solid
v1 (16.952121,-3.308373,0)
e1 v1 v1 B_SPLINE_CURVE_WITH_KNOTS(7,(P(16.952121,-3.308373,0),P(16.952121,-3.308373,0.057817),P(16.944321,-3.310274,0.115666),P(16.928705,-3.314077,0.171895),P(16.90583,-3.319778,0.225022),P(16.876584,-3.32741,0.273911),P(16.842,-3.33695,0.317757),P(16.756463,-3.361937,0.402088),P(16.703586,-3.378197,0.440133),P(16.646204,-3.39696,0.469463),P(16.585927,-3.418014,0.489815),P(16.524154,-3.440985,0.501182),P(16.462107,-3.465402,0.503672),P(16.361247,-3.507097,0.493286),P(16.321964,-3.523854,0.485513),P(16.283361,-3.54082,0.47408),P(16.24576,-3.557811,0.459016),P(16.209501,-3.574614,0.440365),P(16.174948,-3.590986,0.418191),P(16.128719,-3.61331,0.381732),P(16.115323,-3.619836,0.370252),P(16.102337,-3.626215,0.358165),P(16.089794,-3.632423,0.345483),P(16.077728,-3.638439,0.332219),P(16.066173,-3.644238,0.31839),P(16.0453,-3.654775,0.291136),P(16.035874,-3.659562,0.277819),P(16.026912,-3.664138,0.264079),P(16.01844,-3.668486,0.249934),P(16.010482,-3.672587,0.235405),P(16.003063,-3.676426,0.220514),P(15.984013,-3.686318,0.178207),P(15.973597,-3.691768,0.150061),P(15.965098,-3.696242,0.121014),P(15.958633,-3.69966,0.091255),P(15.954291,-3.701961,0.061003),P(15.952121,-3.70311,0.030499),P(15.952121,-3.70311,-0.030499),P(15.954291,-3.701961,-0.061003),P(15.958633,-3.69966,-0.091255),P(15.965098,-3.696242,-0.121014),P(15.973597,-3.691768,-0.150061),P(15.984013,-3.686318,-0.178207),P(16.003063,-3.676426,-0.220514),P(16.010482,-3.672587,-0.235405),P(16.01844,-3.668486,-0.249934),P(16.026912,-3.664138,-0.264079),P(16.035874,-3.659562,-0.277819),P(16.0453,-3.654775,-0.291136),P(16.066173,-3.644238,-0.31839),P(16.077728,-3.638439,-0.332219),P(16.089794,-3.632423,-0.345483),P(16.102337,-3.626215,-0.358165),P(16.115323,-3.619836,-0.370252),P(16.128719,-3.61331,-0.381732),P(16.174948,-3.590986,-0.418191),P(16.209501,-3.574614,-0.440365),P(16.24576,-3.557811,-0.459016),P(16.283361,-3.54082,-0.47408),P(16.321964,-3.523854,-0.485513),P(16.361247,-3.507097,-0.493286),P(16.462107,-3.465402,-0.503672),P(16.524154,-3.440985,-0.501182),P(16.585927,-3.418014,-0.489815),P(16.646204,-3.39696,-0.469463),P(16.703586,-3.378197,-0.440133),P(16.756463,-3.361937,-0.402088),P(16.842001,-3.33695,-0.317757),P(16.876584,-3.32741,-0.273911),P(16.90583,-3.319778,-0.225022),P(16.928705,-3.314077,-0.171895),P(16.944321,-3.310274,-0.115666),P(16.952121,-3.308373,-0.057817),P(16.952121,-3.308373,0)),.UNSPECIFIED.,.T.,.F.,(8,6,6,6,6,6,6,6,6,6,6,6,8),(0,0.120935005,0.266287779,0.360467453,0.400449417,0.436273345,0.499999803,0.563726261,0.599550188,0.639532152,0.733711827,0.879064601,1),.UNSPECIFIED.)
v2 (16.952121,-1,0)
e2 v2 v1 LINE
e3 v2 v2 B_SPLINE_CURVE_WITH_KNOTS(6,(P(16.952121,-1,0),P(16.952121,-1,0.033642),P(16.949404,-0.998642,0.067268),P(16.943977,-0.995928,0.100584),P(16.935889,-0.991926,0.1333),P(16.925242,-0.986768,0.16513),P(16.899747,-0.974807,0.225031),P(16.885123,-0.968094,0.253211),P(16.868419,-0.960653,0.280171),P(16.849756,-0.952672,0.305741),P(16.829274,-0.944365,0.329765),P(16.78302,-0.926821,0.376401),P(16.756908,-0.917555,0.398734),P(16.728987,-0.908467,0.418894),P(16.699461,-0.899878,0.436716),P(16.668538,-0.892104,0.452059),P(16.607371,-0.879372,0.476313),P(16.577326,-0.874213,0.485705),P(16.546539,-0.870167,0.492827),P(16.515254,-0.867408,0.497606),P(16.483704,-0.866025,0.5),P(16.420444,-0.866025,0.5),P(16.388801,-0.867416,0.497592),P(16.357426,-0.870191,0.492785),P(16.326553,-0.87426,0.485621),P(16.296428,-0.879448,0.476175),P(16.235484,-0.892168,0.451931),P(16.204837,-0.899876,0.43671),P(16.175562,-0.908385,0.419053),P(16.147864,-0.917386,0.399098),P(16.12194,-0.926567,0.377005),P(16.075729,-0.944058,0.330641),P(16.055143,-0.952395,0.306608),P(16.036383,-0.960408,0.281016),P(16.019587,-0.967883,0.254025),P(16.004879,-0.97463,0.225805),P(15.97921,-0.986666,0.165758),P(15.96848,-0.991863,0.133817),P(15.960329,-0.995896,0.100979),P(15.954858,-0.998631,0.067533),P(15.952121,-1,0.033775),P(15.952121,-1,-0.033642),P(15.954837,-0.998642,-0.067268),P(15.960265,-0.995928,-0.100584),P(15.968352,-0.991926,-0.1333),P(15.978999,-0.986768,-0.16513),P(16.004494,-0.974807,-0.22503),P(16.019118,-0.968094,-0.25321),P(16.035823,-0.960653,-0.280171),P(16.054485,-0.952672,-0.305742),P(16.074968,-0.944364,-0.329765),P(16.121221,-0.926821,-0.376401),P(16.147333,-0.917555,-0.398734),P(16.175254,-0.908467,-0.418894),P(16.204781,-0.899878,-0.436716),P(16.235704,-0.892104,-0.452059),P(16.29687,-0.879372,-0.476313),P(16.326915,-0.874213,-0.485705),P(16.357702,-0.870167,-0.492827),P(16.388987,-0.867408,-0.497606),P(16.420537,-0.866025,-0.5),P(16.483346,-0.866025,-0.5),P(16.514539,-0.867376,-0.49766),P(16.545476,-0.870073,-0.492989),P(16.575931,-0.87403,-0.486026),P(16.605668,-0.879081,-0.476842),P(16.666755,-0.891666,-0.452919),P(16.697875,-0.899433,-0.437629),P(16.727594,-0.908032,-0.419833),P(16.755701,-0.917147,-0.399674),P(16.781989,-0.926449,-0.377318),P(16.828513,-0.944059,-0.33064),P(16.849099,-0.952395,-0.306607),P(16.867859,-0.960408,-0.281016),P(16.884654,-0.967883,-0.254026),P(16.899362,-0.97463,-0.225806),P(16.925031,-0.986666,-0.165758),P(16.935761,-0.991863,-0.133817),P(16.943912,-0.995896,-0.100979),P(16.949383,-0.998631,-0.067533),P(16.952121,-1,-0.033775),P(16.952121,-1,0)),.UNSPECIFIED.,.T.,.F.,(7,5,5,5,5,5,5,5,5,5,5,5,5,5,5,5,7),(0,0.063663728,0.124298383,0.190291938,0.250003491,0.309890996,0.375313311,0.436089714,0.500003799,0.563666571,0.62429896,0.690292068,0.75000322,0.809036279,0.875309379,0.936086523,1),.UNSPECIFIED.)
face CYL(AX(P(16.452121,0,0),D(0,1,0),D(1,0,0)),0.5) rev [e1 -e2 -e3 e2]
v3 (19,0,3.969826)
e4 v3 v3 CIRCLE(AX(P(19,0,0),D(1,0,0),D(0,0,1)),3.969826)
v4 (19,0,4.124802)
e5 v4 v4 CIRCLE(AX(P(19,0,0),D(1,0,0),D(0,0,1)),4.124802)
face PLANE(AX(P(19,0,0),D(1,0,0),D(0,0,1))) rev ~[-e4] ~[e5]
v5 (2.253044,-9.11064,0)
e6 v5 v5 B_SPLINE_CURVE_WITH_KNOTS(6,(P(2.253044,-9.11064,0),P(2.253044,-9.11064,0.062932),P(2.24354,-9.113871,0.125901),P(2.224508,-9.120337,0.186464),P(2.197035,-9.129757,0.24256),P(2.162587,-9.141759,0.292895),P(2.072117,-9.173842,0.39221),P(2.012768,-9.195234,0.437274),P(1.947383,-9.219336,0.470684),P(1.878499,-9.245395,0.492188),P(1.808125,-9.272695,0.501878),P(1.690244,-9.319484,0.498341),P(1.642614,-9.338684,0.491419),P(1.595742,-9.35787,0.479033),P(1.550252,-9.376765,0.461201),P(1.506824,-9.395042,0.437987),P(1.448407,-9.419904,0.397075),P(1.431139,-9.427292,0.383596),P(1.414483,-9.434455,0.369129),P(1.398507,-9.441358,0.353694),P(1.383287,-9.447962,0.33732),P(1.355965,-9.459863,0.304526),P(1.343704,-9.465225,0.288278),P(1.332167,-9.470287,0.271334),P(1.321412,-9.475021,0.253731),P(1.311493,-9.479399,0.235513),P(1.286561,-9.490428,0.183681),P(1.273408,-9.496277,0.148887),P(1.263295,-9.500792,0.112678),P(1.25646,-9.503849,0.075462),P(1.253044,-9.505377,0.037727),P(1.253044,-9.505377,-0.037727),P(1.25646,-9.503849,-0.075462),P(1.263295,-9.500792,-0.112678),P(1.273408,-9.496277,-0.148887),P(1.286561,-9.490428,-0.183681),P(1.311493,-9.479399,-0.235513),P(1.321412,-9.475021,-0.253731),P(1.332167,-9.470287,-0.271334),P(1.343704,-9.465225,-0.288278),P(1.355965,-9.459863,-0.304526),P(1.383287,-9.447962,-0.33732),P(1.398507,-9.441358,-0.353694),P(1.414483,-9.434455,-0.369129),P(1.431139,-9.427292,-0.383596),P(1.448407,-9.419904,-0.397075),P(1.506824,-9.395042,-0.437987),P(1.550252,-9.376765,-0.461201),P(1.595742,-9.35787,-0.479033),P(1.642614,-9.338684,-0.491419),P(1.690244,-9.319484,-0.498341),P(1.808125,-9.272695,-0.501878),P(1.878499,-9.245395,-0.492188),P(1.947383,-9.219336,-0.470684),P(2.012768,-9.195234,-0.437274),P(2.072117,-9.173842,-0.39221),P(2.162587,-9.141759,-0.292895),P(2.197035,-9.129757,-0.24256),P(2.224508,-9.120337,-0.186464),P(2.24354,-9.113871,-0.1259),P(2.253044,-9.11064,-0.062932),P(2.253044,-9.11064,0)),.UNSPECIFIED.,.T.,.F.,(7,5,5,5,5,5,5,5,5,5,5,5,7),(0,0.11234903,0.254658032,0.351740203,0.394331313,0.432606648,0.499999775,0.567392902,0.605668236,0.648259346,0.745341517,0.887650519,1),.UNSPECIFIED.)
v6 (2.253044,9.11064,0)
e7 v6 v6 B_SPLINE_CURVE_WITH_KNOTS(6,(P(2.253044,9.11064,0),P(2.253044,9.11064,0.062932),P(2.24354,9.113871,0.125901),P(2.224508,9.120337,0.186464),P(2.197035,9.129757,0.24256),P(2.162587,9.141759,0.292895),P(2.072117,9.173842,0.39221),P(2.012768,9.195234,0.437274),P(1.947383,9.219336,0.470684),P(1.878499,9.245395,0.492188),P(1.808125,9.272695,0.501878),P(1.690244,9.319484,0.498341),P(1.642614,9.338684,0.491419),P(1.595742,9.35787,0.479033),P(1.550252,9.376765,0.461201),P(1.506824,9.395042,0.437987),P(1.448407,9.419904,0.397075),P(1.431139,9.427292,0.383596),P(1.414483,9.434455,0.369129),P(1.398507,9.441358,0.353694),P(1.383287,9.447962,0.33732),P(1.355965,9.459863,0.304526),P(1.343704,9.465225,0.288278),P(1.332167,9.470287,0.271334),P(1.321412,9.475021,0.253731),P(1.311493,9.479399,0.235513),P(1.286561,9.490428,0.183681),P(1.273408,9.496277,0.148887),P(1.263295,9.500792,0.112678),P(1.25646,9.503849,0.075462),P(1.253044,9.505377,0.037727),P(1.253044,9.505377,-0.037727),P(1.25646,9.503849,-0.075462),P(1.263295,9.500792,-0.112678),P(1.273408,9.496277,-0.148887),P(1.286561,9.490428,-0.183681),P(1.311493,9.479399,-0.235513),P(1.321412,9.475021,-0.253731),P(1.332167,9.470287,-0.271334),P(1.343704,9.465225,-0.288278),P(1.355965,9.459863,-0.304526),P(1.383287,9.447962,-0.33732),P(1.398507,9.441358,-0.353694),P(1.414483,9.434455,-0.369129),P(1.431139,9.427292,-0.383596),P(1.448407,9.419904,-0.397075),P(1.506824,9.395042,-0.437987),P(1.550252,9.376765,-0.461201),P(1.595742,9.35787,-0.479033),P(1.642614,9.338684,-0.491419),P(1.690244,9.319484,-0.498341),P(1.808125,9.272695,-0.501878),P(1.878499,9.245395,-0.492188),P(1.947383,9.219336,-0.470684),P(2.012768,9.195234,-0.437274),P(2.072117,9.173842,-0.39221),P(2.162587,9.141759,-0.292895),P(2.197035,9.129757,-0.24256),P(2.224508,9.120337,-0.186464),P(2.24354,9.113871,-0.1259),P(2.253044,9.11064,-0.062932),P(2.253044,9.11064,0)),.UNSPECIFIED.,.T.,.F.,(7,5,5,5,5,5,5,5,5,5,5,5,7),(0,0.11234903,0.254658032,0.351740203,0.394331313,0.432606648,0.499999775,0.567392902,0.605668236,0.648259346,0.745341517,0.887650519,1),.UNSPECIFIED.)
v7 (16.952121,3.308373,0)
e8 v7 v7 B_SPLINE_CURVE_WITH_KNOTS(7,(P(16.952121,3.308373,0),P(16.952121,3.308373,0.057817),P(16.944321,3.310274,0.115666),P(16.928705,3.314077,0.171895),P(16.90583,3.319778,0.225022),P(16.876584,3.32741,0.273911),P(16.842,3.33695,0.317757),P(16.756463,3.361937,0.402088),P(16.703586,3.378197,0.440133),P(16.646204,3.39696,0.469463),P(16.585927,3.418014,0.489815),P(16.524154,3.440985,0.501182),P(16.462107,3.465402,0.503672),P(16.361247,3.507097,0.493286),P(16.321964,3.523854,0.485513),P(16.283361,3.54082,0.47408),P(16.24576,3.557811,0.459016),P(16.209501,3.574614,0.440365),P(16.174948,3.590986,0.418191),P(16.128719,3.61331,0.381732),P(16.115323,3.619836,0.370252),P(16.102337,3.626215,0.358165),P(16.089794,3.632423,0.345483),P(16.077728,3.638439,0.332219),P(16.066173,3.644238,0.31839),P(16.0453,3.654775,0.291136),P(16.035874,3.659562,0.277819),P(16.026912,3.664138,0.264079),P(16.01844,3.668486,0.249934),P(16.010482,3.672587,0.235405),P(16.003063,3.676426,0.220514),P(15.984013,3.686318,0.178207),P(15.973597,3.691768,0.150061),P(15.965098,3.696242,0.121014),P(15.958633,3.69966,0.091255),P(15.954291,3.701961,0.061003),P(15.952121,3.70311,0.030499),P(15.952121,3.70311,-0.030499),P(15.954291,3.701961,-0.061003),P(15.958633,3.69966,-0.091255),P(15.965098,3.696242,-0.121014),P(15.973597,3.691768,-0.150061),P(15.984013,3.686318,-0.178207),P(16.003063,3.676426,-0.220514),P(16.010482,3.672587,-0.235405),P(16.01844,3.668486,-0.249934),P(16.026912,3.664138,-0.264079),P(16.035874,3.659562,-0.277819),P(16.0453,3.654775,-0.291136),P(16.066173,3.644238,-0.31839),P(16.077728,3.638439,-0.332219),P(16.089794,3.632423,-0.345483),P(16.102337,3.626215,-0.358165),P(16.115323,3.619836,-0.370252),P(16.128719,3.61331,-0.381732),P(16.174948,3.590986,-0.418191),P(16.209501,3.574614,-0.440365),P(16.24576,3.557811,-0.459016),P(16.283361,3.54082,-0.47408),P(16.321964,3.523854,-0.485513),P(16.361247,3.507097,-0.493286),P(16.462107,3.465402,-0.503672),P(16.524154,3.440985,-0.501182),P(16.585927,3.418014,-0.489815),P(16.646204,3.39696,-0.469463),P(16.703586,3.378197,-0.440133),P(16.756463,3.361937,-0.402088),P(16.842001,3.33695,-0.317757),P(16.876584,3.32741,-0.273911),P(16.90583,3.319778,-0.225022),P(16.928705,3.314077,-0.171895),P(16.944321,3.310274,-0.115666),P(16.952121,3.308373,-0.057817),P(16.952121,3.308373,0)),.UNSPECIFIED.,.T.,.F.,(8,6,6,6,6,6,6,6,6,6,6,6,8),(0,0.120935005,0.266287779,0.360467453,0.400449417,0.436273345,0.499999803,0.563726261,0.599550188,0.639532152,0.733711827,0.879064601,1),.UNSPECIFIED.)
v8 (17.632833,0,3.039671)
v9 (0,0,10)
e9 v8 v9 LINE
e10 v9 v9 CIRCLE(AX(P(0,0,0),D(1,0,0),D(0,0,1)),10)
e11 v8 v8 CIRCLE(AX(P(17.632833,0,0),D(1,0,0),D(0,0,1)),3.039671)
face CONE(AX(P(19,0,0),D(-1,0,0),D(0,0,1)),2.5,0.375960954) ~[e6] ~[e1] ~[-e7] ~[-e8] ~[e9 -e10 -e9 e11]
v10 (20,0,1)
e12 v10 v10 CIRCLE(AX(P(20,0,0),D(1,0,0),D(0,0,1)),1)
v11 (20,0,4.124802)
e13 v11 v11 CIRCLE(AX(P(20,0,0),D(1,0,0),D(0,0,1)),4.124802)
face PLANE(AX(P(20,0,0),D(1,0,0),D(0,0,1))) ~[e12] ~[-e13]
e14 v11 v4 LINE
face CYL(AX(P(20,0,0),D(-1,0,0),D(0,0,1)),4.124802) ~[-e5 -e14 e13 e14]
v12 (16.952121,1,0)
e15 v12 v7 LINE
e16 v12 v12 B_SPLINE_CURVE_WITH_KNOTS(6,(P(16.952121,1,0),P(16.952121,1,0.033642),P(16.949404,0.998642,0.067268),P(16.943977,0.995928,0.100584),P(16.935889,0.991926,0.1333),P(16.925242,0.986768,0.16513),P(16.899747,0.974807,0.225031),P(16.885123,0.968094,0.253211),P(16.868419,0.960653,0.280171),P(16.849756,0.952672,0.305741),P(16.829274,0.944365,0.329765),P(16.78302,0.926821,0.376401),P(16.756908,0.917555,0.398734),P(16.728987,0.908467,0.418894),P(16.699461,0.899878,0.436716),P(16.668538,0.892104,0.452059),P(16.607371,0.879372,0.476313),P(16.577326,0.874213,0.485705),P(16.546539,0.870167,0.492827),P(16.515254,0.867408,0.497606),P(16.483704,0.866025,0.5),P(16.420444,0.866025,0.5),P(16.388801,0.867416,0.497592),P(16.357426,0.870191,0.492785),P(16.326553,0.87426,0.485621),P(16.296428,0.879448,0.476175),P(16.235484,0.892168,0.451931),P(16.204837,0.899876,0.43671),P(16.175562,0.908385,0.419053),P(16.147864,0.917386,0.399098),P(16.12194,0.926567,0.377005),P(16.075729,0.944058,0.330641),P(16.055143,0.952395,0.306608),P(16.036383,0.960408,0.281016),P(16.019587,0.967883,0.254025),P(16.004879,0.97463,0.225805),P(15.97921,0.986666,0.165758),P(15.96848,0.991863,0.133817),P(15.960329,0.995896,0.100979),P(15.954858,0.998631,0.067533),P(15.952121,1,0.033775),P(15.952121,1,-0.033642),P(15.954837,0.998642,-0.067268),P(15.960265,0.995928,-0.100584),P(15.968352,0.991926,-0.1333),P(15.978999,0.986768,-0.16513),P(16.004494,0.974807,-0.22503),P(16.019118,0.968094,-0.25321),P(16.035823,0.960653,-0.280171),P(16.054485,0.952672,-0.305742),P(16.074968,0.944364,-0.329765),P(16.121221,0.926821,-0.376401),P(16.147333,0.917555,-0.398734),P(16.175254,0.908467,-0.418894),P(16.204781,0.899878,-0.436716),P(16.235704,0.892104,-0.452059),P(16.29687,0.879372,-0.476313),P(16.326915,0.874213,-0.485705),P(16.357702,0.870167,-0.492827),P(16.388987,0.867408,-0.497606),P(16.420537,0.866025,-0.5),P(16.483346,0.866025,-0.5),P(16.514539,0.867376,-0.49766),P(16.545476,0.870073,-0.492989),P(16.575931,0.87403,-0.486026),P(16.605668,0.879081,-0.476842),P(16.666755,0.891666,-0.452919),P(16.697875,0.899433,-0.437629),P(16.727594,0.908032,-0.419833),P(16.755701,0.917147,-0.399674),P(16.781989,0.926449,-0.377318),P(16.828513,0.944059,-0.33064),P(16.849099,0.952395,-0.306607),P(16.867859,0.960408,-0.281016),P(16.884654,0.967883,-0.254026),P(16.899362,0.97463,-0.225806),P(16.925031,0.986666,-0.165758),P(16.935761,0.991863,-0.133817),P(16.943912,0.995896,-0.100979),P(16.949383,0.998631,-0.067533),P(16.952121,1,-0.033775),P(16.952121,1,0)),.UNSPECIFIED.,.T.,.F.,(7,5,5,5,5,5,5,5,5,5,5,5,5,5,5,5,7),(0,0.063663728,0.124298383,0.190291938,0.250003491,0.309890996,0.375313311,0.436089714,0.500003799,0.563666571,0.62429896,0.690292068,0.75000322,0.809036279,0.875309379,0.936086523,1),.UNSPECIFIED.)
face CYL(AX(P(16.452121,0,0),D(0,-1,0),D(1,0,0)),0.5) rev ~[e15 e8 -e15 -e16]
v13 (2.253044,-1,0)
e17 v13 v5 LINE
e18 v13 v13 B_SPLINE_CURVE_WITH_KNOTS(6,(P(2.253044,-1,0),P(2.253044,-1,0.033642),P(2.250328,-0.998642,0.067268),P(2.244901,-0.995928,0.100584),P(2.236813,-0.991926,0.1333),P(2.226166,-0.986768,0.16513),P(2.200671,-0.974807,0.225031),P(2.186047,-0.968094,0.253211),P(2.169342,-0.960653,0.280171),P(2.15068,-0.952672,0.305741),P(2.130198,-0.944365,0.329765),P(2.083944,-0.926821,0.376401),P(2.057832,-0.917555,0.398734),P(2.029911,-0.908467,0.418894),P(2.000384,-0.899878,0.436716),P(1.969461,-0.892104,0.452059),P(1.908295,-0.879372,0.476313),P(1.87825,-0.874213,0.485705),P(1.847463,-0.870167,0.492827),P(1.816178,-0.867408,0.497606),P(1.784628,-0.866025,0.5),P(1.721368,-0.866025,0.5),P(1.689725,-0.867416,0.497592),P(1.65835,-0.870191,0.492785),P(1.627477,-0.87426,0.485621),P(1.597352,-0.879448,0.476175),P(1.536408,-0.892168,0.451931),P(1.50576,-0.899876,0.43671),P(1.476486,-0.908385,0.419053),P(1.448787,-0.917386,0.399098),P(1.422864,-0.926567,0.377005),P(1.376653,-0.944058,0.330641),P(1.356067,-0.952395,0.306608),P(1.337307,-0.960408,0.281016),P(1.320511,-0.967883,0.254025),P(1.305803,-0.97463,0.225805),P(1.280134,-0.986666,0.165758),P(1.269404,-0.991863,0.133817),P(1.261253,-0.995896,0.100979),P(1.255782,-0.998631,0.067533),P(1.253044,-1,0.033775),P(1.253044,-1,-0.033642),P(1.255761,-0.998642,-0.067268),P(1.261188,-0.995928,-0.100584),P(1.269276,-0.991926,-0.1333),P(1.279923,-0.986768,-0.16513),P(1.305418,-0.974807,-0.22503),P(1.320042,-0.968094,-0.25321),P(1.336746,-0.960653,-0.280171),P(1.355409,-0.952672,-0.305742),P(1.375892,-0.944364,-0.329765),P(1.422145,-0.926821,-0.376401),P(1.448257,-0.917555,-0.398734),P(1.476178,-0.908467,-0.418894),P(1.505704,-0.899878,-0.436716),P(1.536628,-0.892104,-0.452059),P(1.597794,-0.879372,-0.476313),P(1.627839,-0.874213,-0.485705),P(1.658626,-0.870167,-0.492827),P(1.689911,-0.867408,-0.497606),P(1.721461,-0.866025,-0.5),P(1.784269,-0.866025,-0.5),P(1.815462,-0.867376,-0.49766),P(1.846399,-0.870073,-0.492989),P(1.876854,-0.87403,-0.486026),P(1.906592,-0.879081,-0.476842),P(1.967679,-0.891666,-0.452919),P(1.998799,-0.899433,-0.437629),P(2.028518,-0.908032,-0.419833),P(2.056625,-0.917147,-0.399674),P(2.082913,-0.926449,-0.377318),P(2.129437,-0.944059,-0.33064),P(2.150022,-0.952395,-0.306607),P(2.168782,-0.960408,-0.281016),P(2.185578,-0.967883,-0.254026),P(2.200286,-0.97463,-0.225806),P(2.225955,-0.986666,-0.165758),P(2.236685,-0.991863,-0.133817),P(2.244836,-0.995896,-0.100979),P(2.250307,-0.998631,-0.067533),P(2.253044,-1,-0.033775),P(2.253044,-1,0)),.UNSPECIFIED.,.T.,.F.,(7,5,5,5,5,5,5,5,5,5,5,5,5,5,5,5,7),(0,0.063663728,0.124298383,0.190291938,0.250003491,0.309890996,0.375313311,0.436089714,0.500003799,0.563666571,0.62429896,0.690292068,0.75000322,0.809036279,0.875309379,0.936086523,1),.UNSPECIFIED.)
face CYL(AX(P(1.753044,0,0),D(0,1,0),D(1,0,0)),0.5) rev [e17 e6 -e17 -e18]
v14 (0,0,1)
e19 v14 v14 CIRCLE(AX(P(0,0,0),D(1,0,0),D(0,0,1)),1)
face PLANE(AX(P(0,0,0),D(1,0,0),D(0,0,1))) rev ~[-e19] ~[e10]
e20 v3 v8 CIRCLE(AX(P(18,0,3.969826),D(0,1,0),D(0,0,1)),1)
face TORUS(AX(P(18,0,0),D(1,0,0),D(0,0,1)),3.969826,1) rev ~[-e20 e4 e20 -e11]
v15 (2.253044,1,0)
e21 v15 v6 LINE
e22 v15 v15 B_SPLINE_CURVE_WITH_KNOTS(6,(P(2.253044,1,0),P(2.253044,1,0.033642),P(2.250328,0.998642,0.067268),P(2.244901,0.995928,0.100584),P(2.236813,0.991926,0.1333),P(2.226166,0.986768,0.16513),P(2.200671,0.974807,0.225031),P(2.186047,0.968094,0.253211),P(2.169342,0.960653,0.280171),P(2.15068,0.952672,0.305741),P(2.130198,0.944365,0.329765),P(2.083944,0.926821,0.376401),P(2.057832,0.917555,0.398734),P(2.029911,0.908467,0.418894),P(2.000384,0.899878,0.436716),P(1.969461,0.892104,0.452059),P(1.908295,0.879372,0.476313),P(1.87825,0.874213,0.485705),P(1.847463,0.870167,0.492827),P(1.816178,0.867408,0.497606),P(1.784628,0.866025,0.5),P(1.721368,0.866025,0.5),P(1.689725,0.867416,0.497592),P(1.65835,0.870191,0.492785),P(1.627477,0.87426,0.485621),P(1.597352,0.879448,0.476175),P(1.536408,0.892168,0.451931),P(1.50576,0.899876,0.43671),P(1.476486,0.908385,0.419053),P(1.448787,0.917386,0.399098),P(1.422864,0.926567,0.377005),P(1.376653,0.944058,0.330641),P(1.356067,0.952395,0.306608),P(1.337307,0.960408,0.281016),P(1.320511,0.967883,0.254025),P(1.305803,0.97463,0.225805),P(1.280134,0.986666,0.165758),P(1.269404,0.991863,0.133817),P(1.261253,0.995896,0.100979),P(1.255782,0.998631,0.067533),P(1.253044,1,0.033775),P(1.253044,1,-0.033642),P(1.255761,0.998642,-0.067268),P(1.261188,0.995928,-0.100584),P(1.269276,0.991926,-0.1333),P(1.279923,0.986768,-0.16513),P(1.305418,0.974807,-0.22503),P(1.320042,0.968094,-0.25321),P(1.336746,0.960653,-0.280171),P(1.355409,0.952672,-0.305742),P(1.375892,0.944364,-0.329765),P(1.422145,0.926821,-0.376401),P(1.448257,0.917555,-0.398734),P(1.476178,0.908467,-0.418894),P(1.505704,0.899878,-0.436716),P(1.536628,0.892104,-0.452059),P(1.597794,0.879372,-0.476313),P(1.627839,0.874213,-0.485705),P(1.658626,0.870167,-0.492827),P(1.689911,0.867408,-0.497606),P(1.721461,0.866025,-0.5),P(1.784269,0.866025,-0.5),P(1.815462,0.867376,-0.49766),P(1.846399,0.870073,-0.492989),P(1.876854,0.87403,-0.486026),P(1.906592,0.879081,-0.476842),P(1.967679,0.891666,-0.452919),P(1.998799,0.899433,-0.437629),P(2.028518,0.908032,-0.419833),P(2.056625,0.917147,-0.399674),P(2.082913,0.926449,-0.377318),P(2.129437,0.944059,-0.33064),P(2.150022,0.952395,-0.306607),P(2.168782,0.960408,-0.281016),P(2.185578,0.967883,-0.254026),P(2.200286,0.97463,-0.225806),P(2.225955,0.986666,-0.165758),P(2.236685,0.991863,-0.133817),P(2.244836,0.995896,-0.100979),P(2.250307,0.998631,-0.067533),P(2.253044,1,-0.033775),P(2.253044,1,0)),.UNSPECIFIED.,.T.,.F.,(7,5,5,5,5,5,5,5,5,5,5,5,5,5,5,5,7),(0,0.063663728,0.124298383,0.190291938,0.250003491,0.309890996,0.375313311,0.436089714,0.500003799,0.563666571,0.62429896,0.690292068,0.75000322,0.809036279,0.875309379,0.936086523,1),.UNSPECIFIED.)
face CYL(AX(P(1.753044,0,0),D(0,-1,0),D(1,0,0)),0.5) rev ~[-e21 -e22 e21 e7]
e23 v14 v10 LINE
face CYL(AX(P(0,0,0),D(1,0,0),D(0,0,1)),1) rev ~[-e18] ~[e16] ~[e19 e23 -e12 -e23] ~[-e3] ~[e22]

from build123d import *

# Parameters (mm, degrees)
F2_R          = 1
F3_R          = 0.5
F4_DEPTH      = 10.001
F4_DEPTH_BACK = 10.001


with BuildPart() as f1:
    # F0 (on Front) → F1 (revolve)
    with BuildSketch(Plane.XZ):
        Polygon((0, 10), (0, 1), (20, 1), (20, 4.1248017436), (19, 4.1248017436), (19, 2.5), align=None)
    revolve(axis=Axis((8.1747960717, 0, 0), (1, 0, 0)))

    # F2
    f2_edges = [f1.edges().sort_by_distance(p)[0] for p in [
        (19, 0, -2.5),
    ]]
    fillet(f2_edges, radius=F2_R)

    # F3 (on Front) → F4 (cut, two sides)
    with BuildSketch(Plane.XZ) as f4_sk:
        with Locations((1.7530444311, 0)):
            Circle(F3_R)
        with Locations((16.452120617, 0)):
            Circle(F3_R)
    extrude(amount=-F4_DEPTH, mode=Mode.SUBTRACT)
    extrude(f4_sk.sketch, amount=F4_DEPTH_BACK, mode=Mode.SUBTRACT)


solid = f1.part
